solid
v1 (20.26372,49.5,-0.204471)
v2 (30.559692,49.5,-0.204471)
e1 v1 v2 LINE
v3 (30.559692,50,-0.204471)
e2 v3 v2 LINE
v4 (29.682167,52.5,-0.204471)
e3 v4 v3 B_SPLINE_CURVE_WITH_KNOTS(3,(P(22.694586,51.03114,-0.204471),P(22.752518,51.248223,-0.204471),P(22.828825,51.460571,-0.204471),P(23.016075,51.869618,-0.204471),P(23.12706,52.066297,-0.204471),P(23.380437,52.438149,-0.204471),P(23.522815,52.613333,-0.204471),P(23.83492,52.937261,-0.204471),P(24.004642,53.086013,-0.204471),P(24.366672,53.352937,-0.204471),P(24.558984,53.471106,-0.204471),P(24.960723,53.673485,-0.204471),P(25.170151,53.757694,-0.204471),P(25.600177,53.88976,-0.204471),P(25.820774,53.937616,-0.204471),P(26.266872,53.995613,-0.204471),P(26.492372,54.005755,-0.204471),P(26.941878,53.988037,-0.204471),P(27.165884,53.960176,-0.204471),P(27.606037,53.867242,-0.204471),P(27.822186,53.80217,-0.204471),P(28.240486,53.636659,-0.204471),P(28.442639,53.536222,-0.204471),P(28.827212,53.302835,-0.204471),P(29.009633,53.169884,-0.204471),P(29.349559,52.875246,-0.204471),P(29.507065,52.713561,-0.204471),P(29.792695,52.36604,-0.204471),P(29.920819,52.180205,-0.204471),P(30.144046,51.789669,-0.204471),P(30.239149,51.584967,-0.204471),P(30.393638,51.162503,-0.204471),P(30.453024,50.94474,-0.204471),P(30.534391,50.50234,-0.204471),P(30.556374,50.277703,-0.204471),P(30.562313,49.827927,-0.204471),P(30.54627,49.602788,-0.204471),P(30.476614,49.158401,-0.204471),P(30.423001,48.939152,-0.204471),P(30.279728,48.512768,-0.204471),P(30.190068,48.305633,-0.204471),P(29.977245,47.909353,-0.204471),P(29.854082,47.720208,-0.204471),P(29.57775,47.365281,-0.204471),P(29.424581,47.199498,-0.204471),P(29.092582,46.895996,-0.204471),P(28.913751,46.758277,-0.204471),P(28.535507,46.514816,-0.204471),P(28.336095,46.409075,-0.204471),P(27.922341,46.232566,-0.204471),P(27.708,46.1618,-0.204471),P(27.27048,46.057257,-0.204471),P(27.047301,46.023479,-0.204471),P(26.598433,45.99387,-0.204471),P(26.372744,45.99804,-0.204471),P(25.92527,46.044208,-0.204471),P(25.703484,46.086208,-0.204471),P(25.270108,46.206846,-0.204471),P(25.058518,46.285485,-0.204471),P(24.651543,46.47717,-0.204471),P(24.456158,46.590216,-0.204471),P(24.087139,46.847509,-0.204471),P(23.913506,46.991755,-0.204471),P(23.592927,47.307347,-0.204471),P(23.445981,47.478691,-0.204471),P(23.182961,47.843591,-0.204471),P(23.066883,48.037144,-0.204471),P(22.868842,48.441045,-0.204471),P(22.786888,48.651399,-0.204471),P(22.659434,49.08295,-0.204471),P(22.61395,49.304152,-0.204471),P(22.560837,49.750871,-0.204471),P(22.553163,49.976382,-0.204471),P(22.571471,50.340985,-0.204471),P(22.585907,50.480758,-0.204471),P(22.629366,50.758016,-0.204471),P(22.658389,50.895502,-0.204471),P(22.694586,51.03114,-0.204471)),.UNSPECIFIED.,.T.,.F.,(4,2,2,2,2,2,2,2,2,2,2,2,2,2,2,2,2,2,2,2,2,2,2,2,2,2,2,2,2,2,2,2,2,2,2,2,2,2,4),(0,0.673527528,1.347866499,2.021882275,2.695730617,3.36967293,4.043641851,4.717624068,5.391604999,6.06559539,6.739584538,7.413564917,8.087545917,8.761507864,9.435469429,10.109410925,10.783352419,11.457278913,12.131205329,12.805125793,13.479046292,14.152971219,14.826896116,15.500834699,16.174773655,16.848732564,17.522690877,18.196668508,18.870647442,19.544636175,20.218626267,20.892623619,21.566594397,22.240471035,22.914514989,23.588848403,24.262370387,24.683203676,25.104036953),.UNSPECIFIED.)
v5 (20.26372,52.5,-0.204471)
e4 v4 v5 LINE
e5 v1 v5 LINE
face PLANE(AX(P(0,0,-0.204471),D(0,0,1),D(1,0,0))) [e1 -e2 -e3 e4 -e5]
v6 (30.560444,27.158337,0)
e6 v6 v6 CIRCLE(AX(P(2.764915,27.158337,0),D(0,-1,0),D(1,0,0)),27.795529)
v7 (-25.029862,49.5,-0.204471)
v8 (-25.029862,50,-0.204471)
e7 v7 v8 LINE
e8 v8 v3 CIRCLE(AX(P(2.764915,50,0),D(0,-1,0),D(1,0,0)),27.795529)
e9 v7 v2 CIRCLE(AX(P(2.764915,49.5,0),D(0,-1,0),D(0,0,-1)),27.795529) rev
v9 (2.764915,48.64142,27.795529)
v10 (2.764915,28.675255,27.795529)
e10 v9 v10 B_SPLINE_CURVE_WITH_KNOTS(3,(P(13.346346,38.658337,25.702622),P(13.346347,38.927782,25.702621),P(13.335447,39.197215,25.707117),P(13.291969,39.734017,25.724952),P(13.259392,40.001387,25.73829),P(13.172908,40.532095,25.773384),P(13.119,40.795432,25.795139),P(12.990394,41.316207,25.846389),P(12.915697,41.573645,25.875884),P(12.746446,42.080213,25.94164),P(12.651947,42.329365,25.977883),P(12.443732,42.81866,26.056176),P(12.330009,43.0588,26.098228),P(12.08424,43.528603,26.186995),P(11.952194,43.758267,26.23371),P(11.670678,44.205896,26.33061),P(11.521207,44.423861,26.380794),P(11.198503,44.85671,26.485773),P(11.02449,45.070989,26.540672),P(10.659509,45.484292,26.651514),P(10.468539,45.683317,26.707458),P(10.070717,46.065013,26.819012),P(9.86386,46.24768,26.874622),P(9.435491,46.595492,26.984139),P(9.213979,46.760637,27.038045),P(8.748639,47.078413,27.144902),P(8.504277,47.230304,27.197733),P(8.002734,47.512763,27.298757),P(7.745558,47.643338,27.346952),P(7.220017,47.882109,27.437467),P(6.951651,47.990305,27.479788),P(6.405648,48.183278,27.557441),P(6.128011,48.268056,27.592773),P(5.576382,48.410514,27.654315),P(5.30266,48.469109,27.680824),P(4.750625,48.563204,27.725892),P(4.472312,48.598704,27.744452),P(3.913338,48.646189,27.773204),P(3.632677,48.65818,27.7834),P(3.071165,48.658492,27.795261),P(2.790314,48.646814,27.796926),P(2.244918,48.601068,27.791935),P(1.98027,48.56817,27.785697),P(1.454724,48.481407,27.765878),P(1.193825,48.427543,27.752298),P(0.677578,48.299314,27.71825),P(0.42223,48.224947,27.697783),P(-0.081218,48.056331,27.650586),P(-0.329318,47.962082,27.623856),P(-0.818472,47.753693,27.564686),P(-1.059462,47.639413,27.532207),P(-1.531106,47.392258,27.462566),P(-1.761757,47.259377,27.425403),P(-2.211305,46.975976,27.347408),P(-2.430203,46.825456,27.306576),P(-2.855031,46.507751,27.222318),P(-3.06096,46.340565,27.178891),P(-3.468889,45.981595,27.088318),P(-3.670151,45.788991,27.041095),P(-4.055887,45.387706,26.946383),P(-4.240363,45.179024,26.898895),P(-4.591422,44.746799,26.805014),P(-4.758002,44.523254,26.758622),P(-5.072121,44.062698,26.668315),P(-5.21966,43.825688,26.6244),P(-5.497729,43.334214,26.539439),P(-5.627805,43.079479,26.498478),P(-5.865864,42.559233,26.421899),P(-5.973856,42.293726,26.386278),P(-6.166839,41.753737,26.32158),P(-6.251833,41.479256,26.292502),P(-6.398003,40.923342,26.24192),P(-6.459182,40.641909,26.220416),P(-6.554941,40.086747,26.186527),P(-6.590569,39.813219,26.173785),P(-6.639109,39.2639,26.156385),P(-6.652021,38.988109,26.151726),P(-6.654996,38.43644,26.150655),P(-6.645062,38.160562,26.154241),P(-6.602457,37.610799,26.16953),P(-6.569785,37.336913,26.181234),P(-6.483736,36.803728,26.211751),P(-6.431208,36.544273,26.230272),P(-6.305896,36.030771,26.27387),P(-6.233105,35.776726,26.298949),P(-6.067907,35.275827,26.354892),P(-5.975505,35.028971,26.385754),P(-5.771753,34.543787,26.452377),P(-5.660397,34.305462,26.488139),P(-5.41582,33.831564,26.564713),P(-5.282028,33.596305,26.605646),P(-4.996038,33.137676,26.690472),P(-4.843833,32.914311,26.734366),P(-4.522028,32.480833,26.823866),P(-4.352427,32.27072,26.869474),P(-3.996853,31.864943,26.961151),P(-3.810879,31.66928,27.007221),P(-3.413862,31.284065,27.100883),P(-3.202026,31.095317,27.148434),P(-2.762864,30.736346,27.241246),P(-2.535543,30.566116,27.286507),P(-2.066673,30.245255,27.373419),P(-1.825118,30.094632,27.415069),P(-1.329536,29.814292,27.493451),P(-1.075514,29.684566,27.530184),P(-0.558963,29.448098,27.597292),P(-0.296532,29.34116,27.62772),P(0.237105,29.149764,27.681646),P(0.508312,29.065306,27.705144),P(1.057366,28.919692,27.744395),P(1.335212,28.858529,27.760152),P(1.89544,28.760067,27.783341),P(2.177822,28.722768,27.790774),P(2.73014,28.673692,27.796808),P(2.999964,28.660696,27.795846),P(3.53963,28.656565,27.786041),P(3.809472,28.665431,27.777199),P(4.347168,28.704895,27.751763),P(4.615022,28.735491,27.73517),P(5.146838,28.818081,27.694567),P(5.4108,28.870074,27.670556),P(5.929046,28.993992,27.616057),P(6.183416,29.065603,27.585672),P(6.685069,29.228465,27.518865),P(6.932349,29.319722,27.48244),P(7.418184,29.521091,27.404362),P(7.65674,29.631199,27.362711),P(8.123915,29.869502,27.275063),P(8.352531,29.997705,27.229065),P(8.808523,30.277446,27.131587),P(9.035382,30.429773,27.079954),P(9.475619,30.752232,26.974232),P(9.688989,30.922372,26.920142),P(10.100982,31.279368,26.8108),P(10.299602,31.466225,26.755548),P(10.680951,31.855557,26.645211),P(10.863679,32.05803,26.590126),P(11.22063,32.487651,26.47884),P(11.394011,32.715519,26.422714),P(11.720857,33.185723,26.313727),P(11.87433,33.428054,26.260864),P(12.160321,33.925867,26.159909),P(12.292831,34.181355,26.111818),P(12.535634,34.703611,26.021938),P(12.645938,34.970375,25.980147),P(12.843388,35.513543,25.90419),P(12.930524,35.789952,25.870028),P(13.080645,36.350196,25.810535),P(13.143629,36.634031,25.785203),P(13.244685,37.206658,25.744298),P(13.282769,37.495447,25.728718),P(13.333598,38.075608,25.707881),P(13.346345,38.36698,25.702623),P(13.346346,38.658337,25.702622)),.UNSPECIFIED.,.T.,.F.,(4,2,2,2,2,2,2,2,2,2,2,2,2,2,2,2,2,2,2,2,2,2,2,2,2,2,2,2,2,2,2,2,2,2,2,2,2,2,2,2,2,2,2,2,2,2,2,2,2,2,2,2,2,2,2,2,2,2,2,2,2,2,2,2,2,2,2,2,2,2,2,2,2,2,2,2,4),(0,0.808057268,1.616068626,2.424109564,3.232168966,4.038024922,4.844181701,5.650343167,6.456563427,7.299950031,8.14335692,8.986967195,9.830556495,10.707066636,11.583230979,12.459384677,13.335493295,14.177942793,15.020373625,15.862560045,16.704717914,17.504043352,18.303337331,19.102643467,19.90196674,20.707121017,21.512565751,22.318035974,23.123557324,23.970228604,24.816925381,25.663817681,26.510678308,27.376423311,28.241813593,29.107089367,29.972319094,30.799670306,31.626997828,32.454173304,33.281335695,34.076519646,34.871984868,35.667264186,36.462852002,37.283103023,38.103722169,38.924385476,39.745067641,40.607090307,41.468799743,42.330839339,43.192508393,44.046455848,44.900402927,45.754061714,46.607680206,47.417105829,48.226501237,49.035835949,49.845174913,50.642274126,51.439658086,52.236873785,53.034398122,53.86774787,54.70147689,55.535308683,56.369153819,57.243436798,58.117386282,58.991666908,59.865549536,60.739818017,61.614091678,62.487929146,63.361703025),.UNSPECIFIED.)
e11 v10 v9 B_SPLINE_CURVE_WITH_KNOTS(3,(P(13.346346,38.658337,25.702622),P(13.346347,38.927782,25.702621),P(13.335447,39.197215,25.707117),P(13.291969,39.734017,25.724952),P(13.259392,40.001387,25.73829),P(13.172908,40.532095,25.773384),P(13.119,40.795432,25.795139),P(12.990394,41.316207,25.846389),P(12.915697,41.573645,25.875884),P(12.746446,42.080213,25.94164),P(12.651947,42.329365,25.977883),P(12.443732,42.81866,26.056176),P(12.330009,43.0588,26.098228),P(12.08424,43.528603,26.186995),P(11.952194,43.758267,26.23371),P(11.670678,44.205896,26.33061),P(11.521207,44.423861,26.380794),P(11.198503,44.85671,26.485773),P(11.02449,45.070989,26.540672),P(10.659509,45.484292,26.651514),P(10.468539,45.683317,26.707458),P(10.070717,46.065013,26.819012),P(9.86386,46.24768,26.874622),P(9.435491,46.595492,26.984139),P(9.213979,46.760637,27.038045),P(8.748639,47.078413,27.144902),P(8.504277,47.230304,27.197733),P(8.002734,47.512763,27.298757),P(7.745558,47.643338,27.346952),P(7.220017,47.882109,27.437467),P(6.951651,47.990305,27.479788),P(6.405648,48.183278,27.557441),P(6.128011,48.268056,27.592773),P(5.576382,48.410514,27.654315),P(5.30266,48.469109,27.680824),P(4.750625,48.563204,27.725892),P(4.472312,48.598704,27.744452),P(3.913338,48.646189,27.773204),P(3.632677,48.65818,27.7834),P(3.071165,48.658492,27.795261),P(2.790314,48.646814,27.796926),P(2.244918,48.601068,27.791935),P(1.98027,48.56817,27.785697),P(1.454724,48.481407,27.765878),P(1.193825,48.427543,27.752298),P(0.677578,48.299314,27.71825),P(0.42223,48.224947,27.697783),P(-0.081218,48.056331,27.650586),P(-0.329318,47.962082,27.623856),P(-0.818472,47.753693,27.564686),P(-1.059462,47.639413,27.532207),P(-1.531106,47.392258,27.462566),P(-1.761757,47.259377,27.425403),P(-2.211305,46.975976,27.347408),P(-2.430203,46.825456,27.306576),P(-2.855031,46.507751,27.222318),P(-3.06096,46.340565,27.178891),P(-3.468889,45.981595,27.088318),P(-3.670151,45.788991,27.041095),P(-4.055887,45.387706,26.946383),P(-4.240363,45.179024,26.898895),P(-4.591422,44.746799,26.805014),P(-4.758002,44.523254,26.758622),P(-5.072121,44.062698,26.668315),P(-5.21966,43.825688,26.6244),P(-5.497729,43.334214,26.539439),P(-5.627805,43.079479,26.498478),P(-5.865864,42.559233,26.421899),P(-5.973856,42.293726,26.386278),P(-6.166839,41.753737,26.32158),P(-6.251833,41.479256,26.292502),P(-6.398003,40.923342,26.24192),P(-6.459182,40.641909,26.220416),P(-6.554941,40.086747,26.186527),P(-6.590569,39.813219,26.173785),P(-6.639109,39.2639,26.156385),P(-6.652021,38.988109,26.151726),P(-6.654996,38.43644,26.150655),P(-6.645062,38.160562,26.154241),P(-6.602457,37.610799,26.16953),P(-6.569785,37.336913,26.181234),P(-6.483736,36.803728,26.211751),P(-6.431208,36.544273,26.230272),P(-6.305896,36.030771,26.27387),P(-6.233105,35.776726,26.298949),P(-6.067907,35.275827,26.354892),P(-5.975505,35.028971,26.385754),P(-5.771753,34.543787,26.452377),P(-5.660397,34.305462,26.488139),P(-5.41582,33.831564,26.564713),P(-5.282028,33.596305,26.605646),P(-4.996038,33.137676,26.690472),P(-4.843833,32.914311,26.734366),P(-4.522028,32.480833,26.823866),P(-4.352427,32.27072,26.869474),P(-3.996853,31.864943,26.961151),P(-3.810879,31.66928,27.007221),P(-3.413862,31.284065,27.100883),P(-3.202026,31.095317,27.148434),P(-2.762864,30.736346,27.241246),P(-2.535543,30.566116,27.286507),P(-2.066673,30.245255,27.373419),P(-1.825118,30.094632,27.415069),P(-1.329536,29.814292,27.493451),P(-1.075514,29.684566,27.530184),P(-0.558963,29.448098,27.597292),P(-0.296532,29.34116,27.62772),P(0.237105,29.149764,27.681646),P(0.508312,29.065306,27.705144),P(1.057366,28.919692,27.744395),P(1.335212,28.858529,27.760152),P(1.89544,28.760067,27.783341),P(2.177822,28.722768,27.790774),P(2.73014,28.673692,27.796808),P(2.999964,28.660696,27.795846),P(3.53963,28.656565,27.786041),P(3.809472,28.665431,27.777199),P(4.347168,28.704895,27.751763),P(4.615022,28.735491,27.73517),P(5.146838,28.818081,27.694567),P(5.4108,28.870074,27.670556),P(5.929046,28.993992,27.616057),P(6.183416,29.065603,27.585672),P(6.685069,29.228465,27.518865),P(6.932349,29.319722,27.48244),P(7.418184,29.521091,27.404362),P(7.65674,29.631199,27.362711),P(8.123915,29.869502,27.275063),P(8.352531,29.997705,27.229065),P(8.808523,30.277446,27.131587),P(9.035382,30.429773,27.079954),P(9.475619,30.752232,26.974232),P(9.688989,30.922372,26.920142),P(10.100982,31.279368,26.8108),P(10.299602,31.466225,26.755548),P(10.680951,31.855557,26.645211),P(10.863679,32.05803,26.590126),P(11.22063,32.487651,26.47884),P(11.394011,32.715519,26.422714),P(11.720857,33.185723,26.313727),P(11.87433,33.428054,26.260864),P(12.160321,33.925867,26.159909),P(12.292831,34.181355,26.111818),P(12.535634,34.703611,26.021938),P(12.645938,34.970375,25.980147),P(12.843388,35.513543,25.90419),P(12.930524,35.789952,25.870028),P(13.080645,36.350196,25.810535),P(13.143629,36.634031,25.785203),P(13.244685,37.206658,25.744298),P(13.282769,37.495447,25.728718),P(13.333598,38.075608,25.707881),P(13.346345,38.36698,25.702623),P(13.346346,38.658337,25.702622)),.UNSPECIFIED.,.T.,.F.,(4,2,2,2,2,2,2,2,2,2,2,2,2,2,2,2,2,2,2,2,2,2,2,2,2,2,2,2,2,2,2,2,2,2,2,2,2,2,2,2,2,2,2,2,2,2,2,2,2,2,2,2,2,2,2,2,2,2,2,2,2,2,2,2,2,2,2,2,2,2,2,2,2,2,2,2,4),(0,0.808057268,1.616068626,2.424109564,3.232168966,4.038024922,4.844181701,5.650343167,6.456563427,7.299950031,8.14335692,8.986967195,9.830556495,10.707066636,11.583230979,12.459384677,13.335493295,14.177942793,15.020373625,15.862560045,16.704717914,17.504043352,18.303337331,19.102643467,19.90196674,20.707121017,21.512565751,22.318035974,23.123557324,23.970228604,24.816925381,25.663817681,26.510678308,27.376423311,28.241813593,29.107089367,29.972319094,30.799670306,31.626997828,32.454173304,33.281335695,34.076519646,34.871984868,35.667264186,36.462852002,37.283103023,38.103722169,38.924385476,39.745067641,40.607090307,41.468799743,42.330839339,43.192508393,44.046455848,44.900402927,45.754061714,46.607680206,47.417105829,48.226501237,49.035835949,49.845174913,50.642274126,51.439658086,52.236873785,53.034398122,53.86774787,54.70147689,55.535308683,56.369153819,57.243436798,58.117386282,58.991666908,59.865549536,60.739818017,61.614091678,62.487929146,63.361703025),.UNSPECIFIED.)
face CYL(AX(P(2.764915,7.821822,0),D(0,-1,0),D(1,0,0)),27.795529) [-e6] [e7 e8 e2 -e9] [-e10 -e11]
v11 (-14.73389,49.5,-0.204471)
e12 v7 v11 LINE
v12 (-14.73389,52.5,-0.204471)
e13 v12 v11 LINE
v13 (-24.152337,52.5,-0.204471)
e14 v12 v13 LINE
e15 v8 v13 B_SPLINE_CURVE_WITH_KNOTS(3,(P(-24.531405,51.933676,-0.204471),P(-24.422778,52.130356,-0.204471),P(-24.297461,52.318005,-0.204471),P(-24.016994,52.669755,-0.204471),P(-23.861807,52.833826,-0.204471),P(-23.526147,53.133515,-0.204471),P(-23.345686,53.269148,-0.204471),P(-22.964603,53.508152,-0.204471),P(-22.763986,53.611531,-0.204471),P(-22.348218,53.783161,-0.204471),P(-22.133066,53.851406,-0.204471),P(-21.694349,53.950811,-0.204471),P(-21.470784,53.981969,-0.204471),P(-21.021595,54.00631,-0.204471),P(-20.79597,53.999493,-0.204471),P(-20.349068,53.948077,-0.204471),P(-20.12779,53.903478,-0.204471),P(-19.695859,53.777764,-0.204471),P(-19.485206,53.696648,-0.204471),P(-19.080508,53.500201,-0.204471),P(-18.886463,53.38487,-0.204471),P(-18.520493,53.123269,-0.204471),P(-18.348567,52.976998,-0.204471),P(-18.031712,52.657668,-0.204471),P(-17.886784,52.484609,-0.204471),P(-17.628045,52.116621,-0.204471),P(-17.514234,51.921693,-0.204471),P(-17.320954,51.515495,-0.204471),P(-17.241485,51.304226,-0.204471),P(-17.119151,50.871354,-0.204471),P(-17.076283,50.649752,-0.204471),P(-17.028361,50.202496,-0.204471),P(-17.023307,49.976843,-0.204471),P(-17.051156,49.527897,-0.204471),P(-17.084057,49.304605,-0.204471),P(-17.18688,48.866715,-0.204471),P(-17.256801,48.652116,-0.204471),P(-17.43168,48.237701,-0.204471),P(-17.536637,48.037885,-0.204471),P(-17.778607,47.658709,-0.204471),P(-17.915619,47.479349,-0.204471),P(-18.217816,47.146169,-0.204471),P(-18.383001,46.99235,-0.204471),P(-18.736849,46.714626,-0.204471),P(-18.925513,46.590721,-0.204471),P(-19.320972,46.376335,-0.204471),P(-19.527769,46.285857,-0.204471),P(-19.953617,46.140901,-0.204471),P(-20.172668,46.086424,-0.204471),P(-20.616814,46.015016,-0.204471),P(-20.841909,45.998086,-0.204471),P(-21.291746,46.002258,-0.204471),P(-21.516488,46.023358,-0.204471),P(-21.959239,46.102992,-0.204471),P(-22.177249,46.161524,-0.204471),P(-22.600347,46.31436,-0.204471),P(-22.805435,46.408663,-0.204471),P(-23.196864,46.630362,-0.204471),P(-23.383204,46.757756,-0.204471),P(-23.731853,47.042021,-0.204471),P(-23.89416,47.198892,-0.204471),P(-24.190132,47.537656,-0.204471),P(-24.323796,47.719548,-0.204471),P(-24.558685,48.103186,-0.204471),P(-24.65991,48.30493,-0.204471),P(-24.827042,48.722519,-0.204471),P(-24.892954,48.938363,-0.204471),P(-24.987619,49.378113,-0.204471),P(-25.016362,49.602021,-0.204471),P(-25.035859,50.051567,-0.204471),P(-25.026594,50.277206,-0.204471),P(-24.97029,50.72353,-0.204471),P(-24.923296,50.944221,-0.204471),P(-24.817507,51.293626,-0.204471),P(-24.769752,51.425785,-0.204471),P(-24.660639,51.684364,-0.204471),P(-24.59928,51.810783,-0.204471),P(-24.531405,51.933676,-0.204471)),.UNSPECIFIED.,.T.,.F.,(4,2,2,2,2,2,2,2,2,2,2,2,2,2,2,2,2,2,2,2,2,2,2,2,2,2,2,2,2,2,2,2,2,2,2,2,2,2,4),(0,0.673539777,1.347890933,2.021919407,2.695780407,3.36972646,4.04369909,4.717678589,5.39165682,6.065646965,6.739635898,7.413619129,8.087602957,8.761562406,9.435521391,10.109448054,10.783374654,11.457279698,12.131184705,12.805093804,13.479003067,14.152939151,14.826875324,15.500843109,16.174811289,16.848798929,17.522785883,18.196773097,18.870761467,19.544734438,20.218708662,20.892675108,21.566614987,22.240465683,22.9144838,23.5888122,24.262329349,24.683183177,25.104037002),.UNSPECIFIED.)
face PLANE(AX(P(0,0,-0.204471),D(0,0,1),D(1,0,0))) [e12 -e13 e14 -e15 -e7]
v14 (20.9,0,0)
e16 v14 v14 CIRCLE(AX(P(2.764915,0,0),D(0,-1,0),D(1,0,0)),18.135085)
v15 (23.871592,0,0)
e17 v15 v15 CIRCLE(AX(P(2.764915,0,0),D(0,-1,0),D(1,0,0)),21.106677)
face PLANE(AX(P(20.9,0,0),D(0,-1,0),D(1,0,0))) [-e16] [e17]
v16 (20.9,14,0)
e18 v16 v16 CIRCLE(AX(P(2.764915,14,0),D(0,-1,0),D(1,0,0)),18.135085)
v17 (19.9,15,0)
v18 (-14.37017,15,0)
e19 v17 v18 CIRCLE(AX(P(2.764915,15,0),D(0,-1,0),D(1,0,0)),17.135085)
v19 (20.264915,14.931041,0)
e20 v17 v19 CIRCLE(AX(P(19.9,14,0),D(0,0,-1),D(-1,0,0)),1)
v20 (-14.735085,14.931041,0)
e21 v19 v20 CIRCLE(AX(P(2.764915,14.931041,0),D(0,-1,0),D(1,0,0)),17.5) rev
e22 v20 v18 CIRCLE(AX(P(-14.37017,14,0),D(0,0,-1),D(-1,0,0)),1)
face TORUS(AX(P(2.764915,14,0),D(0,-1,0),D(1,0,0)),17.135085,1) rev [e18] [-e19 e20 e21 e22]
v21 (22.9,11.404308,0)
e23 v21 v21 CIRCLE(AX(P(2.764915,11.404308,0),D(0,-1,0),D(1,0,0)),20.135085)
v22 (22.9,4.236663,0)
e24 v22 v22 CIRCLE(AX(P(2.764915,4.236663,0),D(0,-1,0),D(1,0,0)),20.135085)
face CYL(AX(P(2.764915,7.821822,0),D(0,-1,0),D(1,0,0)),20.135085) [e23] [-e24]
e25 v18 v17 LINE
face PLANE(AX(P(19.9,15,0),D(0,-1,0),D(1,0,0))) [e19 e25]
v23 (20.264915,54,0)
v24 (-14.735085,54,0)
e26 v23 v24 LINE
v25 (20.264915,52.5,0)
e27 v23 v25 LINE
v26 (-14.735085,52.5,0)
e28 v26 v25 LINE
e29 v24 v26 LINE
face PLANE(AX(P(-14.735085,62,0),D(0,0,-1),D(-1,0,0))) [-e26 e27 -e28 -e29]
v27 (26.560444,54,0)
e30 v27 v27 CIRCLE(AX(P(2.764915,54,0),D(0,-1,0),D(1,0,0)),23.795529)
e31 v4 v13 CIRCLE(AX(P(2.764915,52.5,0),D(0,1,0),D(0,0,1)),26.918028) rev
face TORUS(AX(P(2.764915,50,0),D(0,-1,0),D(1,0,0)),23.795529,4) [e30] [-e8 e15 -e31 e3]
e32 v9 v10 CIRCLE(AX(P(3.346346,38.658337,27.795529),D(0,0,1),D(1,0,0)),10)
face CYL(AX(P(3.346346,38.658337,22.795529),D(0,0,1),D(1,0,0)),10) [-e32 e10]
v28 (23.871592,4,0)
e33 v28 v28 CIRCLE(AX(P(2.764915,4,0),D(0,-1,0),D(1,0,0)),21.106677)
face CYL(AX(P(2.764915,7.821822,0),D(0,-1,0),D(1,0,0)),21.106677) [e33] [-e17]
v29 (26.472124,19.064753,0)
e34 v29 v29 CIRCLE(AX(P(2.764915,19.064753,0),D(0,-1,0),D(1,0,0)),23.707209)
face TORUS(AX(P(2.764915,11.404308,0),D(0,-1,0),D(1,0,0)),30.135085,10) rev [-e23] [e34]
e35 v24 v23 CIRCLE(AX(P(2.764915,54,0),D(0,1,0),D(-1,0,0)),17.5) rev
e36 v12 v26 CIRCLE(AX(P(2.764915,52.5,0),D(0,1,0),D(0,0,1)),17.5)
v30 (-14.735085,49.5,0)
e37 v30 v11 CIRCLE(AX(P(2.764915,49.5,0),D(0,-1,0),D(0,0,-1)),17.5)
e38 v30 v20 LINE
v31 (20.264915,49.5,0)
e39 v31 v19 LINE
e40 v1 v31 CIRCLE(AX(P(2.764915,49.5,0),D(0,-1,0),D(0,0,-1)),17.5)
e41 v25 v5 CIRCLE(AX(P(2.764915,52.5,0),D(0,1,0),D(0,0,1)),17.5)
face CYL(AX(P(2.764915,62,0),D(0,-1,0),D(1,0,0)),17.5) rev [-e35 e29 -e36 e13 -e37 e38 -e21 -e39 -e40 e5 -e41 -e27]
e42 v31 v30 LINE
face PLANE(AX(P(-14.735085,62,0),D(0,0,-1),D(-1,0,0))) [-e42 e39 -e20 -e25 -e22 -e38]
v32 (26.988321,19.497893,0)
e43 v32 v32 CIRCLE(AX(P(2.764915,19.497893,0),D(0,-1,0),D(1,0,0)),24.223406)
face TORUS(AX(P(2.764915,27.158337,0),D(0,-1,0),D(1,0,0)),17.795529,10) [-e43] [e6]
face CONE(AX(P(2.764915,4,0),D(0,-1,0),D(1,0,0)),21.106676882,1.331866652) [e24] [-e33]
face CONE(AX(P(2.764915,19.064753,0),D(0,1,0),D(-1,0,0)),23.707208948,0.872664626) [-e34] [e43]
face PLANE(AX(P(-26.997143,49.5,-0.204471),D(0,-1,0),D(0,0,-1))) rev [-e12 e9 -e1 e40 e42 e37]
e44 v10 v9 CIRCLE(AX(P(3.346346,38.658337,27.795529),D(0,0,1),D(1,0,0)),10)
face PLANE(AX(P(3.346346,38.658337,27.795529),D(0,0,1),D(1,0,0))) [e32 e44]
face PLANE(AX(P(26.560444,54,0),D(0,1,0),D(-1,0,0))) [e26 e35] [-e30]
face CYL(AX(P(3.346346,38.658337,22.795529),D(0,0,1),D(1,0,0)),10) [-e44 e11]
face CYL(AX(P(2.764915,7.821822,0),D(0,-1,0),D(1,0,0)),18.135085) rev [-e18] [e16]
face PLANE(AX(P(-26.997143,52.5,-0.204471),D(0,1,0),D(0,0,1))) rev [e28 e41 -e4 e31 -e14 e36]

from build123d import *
from build123d.topology import SkipClean

# Parameters (mm, degrees)
SKETCH10_R              = 10
BOSS_EXTRUDE1_DEPTH     = 5
CUT_EXTRUDE3_DEPTH      = 45
CUT_EXTRUDE3_DEPTH_BACK = 20
SKETCH12_W              = 60
SKETCH12_H              = 3
CUT_EXTRUDE4_DEPTH      = 28


with BuildPart() as part:
    # Sketch1 → Revolve1 (revolve)
    with BuildSketch(Plane.XY):
        with BuildLine():
            Line((20.9, 0), (23.871591838, 0))
            Line((23.871591838, 0), (23.871591838, 4))
            Line((23.871591838, 4), (22.9, 4.236662843))
            Line((22.9, 4.236662843), (22.9, 11.404308102))
            ThreePointArc((22.9, 11.404308102), (23.83692213, 15.63049072), (26.472123903, 19.064752533))
            Line((26.472123903, 19.064752533), (26.988320528, 19.497892931))
            ThreePointArc((26.988320528, 19.497892931), (29.623522302, 22.932154745), (30.560444431, 27.158337362))
            Line((30.560444431, 27.158337362), (30.560444431, 50))
            ThreePointArc((30.560444431, 50), (29.388871556, 52.828427125), (26.560444431, 54))
            Line((26.560444431, 54), (2.764914955, 54))
            Line((2.764914955, 54), (2.764914955, 15))
            Line((2.764914955, 15), (19.9, 15))
            ThreePointArc((19.9, 15), (20.607106781, 14.707106781), (20.9, 14))
            Line((20.9, 14), (20.9, 0))
        make_face()
    revolve(axis=Axis((2.764914955, 7.821821657, 0), (0, 1, 0)))

    # Sketch10 → Boss-Extrude1 (add)
    with SkipClean():  # the faces are left unmerged after this step: merging them gives an invalid solid
        with BuildSketch(Plane.XY.offset(27.795529476)):
            with Locations((3.346345887, 38.658337362)):
                Circle(SKETCH10_R)
        extrude(amount=-BOSS_EXTRUDE1_DEPTH)

    # Sketch11 → Cut-Extrude3 (cut, two sides: drawn at the far end of the back side and taken through both)
    with SkipClean():  # the faces are left unmerged after this step: merging them gives an invalid solid
        with BuildSketch(Plane(origin=(0, 17, 0), x_dir=(1, 0, 0), z_dir=(0, 1, 0)).offset(-CUT_EXTRUDE3_DEPTH_BACK)):
            with BuildLine():
                Line((-14.735085045, 0), (20.264914955, 0))
                ThreePointArc((20.264914955, 0), (2.764914955, 17.5), (-14.735085045, 0))
            make_face()
        extrude(amount=CUT_EXTRUDE3_DEPTH + CUT_EXTRUDE3_DEPTH_BACK, mode=Mode.SUBTRACT)

    # Sketch12 → Cut-Extrude4 (cut)
    with SkipClean():  # the faces are left unmerged after this step: merging them gives an invalid solid
        with BuildSketch(Plane.XY.offset(27.795529476)):
            with Locations((3.002856973, 51)):
                Rectangle(SKETCH12_W, SKETCH12_H)
        extrude(amount=-CUT_EXTRUDE4_DEPTH, mode=Mode.SUBTRACT)


solid = part.part
